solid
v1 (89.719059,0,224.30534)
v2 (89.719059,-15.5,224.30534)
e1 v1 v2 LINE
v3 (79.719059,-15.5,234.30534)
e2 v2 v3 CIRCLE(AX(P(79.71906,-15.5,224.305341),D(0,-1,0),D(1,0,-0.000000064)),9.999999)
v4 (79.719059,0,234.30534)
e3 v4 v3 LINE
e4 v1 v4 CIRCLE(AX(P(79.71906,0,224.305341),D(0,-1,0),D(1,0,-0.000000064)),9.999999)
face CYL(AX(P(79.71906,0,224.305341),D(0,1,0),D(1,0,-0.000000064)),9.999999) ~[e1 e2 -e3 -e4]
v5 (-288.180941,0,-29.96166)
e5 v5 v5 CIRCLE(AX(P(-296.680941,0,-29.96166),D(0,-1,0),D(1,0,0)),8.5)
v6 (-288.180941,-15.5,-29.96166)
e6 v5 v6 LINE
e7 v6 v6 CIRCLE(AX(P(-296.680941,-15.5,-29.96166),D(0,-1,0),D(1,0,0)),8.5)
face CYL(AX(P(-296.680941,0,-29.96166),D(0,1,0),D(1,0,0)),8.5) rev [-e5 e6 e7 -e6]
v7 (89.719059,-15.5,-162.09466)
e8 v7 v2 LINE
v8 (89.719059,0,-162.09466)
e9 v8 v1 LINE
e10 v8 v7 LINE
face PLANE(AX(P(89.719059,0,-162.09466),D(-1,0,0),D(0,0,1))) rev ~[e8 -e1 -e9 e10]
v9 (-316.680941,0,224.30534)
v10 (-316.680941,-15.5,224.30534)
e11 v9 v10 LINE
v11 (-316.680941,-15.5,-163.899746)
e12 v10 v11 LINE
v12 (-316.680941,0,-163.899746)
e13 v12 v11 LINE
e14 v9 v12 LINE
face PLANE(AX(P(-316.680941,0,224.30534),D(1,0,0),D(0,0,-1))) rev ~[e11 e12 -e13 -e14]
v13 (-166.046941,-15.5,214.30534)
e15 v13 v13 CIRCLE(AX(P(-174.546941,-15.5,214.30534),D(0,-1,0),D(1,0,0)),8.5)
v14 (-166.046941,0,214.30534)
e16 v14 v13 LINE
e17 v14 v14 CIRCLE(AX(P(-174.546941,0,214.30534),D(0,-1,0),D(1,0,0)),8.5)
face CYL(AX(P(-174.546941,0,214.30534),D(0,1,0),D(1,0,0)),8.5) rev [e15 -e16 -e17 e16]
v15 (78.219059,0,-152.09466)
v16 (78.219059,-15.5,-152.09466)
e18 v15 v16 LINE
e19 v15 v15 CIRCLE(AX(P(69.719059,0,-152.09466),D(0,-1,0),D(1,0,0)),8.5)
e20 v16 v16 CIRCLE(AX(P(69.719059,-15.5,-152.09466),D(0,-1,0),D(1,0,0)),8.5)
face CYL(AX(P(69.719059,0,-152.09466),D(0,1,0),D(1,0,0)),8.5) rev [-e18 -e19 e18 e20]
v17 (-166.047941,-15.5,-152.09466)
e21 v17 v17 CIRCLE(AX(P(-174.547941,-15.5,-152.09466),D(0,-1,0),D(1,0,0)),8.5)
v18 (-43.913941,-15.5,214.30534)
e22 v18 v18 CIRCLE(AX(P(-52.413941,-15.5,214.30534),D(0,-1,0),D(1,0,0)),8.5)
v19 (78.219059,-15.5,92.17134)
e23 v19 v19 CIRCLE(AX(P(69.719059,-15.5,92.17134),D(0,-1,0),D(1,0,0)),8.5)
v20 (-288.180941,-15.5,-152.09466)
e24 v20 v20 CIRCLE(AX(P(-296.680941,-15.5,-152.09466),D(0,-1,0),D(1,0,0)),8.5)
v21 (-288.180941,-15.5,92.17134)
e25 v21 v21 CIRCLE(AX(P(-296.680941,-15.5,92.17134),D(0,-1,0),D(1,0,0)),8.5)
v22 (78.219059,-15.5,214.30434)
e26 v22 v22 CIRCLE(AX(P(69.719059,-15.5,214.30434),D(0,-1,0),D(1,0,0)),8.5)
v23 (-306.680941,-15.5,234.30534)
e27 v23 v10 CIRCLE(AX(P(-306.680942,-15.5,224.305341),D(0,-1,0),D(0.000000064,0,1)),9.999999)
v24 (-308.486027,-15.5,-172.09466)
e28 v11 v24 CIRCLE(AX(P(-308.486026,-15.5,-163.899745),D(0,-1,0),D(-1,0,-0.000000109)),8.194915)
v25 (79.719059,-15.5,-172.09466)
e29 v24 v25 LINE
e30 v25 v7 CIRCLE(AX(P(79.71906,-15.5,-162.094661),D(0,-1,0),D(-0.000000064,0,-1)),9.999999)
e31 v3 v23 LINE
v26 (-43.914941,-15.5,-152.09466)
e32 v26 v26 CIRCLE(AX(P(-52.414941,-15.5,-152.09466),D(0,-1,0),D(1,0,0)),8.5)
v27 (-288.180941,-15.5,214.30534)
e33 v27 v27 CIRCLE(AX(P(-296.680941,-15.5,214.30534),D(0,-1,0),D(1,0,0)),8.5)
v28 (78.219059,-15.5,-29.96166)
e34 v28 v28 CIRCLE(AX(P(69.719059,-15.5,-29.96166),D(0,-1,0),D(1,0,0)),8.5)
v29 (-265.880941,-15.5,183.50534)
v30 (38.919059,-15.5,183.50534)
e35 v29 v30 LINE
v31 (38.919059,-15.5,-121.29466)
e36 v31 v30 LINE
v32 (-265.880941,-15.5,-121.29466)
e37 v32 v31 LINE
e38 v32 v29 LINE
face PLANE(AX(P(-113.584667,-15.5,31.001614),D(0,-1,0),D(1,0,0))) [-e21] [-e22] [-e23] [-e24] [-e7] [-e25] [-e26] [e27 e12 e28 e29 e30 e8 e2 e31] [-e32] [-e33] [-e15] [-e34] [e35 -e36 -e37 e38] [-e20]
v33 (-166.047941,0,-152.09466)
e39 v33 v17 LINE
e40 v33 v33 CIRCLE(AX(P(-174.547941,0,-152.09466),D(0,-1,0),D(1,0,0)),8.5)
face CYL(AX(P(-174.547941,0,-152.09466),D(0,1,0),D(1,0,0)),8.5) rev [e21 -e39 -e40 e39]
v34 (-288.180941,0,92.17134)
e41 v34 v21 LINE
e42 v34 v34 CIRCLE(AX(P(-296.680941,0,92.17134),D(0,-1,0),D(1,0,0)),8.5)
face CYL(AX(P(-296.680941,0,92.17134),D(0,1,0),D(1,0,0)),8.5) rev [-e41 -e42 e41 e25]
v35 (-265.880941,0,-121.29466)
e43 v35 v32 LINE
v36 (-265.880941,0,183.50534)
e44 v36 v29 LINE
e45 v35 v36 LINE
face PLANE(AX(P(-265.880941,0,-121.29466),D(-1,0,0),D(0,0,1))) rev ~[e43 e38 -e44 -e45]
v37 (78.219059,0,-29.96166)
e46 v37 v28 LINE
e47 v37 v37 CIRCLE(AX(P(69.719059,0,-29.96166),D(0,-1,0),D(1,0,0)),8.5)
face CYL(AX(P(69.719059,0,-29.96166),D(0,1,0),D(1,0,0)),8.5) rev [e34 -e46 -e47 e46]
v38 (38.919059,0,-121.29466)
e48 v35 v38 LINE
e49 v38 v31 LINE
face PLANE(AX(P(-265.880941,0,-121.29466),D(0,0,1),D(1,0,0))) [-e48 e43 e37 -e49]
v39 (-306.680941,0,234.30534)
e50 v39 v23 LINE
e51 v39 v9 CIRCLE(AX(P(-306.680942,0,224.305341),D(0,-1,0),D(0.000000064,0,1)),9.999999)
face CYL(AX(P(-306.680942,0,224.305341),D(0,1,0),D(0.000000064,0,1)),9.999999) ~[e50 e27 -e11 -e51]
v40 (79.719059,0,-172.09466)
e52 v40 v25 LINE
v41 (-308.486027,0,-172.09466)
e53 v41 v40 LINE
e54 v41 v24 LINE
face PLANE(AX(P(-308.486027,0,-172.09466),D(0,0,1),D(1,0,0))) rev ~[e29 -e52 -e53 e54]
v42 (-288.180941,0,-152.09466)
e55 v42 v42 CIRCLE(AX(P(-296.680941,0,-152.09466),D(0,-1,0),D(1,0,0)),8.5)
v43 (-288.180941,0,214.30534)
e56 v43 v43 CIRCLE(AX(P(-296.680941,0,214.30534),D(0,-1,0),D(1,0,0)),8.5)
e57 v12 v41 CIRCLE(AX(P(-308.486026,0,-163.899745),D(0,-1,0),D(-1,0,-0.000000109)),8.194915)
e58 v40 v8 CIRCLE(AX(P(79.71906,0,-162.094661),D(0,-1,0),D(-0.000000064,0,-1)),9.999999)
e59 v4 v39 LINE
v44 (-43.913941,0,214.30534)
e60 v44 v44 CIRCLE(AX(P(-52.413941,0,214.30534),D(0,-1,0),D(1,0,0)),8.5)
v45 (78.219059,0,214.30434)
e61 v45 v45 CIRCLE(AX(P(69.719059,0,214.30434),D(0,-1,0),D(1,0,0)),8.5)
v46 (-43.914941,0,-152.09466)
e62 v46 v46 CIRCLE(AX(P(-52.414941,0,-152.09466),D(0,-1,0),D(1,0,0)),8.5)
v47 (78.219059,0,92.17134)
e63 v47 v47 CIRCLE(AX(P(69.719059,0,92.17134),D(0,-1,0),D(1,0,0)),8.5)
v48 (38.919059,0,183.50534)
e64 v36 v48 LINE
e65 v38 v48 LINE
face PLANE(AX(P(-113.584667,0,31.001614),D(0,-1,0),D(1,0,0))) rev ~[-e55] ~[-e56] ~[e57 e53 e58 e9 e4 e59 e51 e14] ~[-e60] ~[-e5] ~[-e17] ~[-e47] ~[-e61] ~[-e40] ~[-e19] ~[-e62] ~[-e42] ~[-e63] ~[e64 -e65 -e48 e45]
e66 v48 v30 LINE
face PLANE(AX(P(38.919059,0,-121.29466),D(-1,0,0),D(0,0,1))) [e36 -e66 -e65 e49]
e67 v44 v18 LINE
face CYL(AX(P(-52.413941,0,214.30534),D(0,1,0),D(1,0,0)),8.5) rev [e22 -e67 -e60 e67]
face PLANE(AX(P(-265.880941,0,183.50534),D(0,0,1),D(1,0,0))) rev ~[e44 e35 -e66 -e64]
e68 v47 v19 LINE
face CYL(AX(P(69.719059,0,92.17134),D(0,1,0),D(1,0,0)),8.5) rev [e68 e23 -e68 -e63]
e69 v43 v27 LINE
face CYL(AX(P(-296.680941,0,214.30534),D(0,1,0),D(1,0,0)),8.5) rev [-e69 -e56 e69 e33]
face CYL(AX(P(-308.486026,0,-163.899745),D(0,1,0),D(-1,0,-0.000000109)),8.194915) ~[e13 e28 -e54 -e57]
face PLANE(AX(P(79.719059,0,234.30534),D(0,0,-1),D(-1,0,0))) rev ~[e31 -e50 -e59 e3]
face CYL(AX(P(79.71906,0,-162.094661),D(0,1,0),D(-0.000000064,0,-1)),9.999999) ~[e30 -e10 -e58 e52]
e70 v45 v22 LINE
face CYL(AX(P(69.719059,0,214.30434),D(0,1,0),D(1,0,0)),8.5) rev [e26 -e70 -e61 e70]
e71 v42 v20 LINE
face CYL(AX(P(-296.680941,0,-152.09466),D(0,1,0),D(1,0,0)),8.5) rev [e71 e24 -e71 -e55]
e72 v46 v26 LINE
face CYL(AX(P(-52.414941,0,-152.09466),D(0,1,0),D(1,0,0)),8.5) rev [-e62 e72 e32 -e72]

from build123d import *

# Parameters (mm, degrees)
F0_R     = 8.5
F0_W     = 304.8
F0_H     = 304.8
F1_DEPTH = 15.5


with BuildPart() as f1:
    # F0 (on Front) → F1 (new body)
    with BuildSketch(Plane.XZ):
        with BuildLine():
            ThreePointArc((-306.680941, 234.30534), (-313.752009, 231.376408), (-316.680941, 224.30534))
            Line((-316.680941, 224.30534), (-316.680941, -163.899746))
            ThreePointArc((-316.680941, -163.899746), (-314.280706, -169.694425), (-308.486027, -172.09466))
            Line((-308.486027, -172.09466), (79.719059, -172.09466))
            ThreePointArc((79.719059, -172.09466), (86.790127, -169.165728), (89.719059, -162.09466))
            Line((89.719059, -162.09466), (89.719059, 224.30534))
            ThreePointArc((89.719059, 224.30534), (86.790127, 231.376408), (79.719059, 234.30534))
            Line((79.719059, 234.30534), (-306.680941, 234.30534))
        make_face()
        with Locations((-296.680941, -152.09466)):
            Circle(F0_R, mode=Mode.SUBTRACT)
        with Locations((-174.547941, -152.09466)):
            Circle(F0_R, mode=Mode.SUBTRACT)
        with Locations((-296.680941, -29.96166)):
            Circle(F0_R, mode=Mode.SUBTRACT)
        with Locations((-52.414941, -152.09466)):
            Circle(F0_R, mode=Mode.SUBTRACT)
        with Locations((69.719059, -152.09466)):
            Circle(F0_R, mode=Mode.SUBTRACT)
        with Locations((-113.480941, 31.10534)):
            Rectangle(F0_W, F0_H, mode=Mode.SUBTRACT)
        with Locations((69.719059, -29.96166)):
            Circle(F0_R, mode=Mode.SUBTRACT)
        with Locations((-296.680941, 92.17134)):
            Circle(F0_R, mode=Mode.SUBTRACT)
        with Locations((-296.680941, 214.30534)):
            Circle(F0_R, mode=Mode.SUBTRACT)
        with Locations((-174.546941, 214.30534)):
            Circle(F0_R, mode=Mode.SUBTRACT)
        with Locations((69.719059, 92.17134)):
            Circle(F0_R, mode=Mode.SUBTRACT)
        with Locations((-52.413941, 214.30534)):
            Circle(F0_R, mode=Mode.SUBTRACT)
        with Locations((69.719059, 214.30434)):
            Circle(F0_R, mode=Mode.SUBTRACT)
    extrude(amount=F1_DEPTH)


solid = f1.part
